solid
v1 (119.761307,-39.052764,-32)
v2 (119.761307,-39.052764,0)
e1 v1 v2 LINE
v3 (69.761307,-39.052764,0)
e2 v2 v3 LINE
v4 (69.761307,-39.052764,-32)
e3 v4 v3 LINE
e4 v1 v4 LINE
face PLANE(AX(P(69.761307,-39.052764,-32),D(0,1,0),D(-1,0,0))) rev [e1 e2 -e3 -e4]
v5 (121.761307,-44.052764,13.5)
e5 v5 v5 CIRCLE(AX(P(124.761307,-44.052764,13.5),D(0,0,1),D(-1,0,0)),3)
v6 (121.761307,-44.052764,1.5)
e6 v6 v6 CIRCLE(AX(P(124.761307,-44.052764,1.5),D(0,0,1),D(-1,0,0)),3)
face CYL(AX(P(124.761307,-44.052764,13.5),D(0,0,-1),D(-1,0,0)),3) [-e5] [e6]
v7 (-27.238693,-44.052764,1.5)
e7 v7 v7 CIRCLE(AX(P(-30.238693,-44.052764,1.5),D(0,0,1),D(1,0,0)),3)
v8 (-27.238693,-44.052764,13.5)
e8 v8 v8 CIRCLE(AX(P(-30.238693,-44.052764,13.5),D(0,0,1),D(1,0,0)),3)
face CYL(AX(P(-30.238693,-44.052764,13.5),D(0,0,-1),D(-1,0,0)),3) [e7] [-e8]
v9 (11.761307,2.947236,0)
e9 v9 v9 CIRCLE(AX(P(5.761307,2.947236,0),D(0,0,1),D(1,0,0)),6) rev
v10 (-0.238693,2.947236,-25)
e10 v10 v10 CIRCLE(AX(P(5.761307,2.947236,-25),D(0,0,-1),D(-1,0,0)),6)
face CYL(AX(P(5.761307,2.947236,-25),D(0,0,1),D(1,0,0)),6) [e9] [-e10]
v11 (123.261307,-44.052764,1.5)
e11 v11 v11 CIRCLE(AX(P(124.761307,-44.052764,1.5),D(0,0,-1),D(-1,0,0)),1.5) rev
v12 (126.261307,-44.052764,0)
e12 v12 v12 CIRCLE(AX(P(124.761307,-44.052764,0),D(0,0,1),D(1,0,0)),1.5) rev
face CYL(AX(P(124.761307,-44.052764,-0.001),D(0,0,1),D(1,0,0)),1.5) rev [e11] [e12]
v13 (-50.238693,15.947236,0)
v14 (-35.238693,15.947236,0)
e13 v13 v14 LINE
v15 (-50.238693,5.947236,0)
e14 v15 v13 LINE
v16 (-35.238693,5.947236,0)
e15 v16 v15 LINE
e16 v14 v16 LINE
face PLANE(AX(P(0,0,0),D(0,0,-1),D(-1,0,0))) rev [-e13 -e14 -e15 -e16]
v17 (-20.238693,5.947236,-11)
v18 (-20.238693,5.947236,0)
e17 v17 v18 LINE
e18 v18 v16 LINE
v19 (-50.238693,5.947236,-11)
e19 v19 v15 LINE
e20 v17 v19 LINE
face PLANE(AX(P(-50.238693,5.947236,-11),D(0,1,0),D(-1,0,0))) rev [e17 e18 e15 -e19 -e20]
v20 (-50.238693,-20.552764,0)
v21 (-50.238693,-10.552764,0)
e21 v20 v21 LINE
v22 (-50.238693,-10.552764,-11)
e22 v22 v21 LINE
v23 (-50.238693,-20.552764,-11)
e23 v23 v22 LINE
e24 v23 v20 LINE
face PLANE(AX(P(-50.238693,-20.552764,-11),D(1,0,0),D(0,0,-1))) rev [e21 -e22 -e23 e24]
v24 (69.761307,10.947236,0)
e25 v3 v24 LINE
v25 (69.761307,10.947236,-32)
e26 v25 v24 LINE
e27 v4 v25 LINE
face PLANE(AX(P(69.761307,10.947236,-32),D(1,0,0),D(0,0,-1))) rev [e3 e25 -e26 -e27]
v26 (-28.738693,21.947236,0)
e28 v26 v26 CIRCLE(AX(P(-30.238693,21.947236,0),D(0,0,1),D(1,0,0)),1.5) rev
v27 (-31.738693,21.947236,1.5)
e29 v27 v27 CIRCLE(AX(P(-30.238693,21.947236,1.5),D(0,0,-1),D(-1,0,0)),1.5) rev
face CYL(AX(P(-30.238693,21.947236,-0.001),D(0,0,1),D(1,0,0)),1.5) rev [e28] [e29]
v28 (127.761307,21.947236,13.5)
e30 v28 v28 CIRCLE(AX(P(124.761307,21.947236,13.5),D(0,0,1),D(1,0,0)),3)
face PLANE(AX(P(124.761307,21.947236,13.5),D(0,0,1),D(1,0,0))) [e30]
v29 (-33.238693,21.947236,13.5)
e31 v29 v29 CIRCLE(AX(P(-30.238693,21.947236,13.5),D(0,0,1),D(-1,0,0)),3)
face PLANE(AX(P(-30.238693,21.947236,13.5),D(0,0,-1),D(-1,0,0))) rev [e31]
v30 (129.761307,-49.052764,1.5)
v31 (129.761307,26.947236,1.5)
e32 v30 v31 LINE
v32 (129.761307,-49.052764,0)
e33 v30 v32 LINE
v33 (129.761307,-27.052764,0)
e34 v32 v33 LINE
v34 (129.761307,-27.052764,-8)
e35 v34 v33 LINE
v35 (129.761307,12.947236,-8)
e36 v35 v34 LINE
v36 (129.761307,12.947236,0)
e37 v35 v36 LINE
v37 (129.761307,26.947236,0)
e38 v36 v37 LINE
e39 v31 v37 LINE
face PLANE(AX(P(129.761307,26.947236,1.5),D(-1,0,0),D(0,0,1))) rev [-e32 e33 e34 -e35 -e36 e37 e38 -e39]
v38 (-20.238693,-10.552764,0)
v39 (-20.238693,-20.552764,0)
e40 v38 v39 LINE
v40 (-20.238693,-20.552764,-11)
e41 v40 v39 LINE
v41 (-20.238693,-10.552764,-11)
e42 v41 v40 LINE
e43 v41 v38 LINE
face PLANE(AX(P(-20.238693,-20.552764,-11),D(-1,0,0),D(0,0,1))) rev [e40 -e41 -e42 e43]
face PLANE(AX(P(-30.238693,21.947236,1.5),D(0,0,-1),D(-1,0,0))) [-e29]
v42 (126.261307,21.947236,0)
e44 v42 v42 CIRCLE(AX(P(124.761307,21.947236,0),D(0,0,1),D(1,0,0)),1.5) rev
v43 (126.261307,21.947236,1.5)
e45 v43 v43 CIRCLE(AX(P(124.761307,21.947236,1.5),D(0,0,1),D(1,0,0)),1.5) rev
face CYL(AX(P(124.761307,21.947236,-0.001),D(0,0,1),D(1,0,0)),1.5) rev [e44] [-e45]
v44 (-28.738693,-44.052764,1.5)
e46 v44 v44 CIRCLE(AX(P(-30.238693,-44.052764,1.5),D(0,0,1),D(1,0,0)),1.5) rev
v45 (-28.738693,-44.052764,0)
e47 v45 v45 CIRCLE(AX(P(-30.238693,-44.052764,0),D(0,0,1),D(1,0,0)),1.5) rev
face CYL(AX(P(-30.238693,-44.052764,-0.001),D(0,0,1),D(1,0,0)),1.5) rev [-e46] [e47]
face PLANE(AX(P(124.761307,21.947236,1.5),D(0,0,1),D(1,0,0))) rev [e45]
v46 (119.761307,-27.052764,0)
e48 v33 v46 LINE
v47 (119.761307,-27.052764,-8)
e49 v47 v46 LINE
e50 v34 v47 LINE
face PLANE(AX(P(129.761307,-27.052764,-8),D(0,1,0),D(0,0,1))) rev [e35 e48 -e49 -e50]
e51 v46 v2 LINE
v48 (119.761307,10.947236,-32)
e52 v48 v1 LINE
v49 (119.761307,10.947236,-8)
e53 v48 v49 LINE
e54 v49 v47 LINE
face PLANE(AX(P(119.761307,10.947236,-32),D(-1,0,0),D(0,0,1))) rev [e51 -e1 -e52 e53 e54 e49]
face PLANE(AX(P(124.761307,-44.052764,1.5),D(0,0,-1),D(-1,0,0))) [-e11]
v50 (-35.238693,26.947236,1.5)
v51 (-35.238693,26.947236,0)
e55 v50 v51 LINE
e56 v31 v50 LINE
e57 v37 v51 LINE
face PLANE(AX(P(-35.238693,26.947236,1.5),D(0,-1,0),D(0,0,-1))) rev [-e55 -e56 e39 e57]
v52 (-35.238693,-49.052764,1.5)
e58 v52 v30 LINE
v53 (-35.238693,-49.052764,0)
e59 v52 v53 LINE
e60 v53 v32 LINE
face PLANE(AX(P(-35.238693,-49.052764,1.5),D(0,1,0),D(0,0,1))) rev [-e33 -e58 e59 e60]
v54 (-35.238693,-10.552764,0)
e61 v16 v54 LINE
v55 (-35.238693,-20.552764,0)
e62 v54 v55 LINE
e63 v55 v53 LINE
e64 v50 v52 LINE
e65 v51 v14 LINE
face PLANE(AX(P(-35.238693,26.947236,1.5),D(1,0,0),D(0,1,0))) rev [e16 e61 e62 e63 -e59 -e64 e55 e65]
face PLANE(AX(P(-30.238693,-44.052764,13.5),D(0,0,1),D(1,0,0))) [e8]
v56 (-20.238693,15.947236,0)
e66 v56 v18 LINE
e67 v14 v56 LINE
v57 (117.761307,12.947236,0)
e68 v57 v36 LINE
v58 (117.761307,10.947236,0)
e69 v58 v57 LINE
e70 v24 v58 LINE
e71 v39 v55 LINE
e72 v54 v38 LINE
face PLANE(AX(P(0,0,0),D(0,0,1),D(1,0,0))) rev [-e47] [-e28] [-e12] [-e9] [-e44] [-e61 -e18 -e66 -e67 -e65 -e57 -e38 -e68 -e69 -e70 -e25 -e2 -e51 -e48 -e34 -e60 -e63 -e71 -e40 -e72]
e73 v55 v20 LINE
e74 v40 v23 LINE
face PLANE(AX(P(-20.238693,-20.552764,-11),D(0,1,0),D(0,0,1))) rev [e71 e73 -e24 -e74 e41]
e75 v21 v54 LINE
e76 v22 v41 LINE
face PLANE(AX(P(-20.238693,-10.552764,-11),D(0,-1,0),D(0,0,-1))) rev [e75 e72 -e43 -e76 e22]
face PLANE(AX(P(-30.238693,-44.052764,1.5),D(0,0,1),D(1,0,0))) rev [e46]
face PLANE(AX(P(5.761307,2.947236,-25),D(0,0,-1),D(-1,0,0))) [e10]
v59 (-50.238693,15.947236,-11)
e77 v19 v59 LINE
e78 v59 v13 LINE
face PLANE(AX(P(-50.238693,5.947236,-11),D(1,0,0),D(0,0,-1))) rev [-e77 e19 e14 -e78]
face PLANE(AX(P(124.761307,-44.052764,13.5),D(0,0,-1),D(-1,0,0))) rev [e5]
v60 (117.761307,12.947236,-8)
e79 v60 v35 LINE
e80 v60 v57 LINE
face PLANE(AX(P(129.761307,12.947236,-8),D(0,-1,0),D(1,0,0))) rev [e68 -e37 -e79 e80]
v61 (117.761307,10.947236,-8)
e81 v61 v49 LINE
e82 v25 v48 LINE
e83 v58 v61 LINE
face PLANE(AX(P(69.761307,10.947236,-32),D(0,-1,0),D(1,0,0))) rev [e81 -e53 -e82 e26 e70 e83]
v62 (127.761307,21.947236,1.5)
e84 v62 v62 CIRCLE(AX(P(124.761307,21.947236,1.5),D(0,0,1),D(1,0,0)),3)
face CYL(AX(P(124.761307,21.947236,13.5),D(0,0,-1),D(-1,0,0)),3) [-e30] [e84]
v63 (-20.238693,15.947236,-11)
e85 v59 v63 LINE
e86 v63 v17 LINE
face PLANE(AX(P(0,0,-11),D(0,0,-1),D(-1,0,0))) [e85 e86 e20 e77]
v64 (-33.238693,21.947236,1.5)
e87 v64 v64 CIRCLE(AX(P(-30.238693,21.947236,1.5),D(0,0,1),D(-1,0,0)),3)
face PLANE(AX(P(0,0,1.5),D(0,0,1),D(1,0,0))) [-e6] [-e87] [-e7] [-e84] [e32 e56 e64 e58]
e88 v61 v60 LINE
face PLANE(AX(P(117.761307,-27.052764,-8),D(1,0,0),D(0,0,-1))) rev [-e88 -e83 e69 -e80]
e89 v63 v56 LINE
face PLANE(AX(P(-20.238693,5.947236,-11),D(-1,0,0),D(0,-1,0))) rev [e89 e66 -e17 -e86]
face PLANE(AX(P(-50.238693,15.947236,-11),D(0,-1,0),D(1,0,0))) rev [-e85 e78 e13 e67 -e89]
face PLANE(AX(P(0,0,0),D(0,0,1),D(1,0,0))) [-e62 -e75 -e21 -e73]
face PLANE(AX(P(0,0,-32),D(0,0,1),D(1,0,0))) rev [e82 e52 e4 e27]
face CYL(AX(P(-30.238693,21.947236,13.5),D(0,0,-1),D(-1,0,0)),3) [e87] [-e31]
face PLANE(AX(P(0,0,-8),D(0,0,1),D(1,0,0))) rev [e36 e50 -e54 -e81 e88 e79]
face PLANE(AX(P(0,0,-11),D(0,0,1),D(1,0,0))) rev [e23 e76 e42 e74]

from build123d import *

# Parameters (mm, degrees)
SKETCH1_W           = 165
SKETCH1_H           = 76
BOSS_EXTRUDE1_DEPTH = 1.5
CUT_EXTRUDE1_REACH  = 140.731
SKETCH2_R           = 1.5
SKETCH3_W           = 12
SKETCH3_H           = 40
BOSS_EXTRUDE2_DEPTH = 8
SKETCH4_W           = 50
SKETCH4_H           = 50
BOSS_EXTRUDE3_DEPTH = 32
SKETCH5_W           = 30
SKETCH5_H           = 10
BOSS_EXTRUDE4_DEPTH = 11
SKETCH6_R           = 6
BOSS_EXTRUDE5_DEPTH = 25
SKETCH7_R           = 3
BOSS_EXTRUDE6_DEPTH = 12


with BuildPart() as part:
    # Sketch1 → Boss-Extrude1 (new body)
    with BuildSketch(Plane.XY):
        with Locations((47.261306533, -11.052763819)):
            Rectangle(SKETCH1_W, SKETCH1_H)
    extrude(amount=BOSS_EXTRUDE1_DEPTH)

    # Sketch2 → Cut-Extrude1 (cut, up to next)
    with BuildSketch(Plane.XY.offset(1.5), mode=Mode.PRIVATE) as cut_extrude1_sk1:
        with Locations((124.761306533, 21.947236181)):
            Circle(SKETCH2_R)
    cut_extrude1_tool1 = extrude(cut_extrude1_sk1.sketch, amount=-CUT_EXTRUDE1_REACH, mode=Mode.PRIVATE) & part.part
    # Sketch2 → Cut-Extrude1 (cut, up to next)
    with BuildSketch(Plane.XY.offset(1.5), mode=Mode.PRIVATE) as cut_extrude1_sk2:
        with Locations((124.761306533, -44.052763819)):
            Circle(SKETCH2_R)
    cut_extrude1_tool2 = extrude(cut_extrude1_sk2.sketch, amount=-CUT_EXTRUDE1_REACH, mode=Mode.PRIVATE) & part.part
    # Sketch2 → Cut-Extrude1 (cut, up to next)
    with BuildSketch(Plane.XY.offset(1.5), mode=Mode.PRIVATE) as cut_extrude1_sk3:
        with Locations((-30.238693467, -44.052763819)):
            Circle(SKETCH2_R)
    cut_extrude1_tool3 = extrude(cut_extrude1_sk3.sketch, amount=-CUT_EXTRUDE1_REACH, mode=Mode.PRIVATE) & part.part
    # Sketch2 → Cut-Extrude1 (cut, up to next)
    with BuildSketch(Plane.XY.offset(1.5), mode=Mode.PRIVATE) as cut_extrude1_sk4:
        with Locations((-30.238693467, 21.947236181)):
            Circle(SKETCH2_R)
    cut_extrude1_tool4 = extrude(cut_extrude1_sk4.sketch, amount=-CUT_EXTRUDE1_REACH, mode=Mode.PRIVATE) & part.part
    add(cut_extrude1_tool1.solids().sort_by_distance((124.761307, 21.947236, 1.5))[0], mode=Mode.SUBTRACT)
    add(cut_extrude1_tool2.solids().sort_by_distance((124.761307, -44.052764, 1.5))[0], mode=Mode.SUBTRACT)
    add(cut_extrude1_tool3.solids().sort_by_distance((-30.238693, -44.052764, 1.5))[0], mode=Mode.SUBTRACT)
    add(cut_extrude1_tool4.solids().sort_by_distance((-30.238693, 21.947236, 1.5))[0], mode=Mode.SUBTRACT)

    # Sketch3 → Boss-Extrude2 (add)
    with BuildSketch(Plane(origin=(0, 0, 0), x_dir=(-1, 0, 0), z_dir=(0, 0, -1))):
        with Locations((-123.761306533, -7.052763819)):
            Rectangle(SKETCH3_W, SKETCH3_H)
    extrude(amount=BOSS_EXTRUDE2_DEPTH)

    # Sketch4 → Boss-Extrude3 (add)
    with BuildSketch(Plane(origin=(0, 0, 0), x_dir=(-1, 0, 0), z_dir=(0, 0, -1))):
        with Locations((-94.761306533, -14.052763819)):
            Rectangle(SKETCH4_W, SKETCH4_H)
    extrude(amount=BOSS_EXTRUDE3_DEPTH)

    # Sketch5 → Boss-Extrude4 (add)
    with BuildSketch(Plane(origin=(0, 0, 0), x_dir=(-1, 0, 0), z_dir=(0, 0, -1))):
        with Locations((35.238693467, 10.947236181)):
            Rectangle(SKETCH5_W, SKETCH5_H)
        with Locations((35.238693467, -15.552763819)):
            Rectangle(SKETCH5_W, SKETCH5_H)
    extrude(amount=BOSS_EXTRUDE4_DEPTH)

    # Sketch6 → Boss-Extrude5 (add)
    with BuildSketch(Plane(origin=(0, 0, 0), x_dir=(-1, 0, 0), z_dir=(0, 0, -1))):
        with Locations(Location((-5.761306533, 2.947236181, 0), (0, 0, 180))):
            Circle(SKETCH6_R)
    extrude(amount=BOSS_EXTRUDE5_DEPTH)

    # Sketch7 → Boss-Extrude6 (add)
    with BuildSketch(Plane.XY.offset(1.5)):
        with Locations((124.761306533, 21.947236181)):
            Circle(SKETCH7_R)
        with Locations(Location((124.761306533, -44.052763819, 0), (0, 0, 180))):
            Circle(SKETCH7_R)
        with Locations(Location((-30.238693467, 21.947236181, 0), (0, 0, 180))):
            Circle(SKETCH7_R)
        with Locations((-30.238693467, -44.052763819)):
            Circle(SKETCH7_R)
    extrude(amount=BOSS_EXTRUDE6_DEPTH)


solid = part.part
